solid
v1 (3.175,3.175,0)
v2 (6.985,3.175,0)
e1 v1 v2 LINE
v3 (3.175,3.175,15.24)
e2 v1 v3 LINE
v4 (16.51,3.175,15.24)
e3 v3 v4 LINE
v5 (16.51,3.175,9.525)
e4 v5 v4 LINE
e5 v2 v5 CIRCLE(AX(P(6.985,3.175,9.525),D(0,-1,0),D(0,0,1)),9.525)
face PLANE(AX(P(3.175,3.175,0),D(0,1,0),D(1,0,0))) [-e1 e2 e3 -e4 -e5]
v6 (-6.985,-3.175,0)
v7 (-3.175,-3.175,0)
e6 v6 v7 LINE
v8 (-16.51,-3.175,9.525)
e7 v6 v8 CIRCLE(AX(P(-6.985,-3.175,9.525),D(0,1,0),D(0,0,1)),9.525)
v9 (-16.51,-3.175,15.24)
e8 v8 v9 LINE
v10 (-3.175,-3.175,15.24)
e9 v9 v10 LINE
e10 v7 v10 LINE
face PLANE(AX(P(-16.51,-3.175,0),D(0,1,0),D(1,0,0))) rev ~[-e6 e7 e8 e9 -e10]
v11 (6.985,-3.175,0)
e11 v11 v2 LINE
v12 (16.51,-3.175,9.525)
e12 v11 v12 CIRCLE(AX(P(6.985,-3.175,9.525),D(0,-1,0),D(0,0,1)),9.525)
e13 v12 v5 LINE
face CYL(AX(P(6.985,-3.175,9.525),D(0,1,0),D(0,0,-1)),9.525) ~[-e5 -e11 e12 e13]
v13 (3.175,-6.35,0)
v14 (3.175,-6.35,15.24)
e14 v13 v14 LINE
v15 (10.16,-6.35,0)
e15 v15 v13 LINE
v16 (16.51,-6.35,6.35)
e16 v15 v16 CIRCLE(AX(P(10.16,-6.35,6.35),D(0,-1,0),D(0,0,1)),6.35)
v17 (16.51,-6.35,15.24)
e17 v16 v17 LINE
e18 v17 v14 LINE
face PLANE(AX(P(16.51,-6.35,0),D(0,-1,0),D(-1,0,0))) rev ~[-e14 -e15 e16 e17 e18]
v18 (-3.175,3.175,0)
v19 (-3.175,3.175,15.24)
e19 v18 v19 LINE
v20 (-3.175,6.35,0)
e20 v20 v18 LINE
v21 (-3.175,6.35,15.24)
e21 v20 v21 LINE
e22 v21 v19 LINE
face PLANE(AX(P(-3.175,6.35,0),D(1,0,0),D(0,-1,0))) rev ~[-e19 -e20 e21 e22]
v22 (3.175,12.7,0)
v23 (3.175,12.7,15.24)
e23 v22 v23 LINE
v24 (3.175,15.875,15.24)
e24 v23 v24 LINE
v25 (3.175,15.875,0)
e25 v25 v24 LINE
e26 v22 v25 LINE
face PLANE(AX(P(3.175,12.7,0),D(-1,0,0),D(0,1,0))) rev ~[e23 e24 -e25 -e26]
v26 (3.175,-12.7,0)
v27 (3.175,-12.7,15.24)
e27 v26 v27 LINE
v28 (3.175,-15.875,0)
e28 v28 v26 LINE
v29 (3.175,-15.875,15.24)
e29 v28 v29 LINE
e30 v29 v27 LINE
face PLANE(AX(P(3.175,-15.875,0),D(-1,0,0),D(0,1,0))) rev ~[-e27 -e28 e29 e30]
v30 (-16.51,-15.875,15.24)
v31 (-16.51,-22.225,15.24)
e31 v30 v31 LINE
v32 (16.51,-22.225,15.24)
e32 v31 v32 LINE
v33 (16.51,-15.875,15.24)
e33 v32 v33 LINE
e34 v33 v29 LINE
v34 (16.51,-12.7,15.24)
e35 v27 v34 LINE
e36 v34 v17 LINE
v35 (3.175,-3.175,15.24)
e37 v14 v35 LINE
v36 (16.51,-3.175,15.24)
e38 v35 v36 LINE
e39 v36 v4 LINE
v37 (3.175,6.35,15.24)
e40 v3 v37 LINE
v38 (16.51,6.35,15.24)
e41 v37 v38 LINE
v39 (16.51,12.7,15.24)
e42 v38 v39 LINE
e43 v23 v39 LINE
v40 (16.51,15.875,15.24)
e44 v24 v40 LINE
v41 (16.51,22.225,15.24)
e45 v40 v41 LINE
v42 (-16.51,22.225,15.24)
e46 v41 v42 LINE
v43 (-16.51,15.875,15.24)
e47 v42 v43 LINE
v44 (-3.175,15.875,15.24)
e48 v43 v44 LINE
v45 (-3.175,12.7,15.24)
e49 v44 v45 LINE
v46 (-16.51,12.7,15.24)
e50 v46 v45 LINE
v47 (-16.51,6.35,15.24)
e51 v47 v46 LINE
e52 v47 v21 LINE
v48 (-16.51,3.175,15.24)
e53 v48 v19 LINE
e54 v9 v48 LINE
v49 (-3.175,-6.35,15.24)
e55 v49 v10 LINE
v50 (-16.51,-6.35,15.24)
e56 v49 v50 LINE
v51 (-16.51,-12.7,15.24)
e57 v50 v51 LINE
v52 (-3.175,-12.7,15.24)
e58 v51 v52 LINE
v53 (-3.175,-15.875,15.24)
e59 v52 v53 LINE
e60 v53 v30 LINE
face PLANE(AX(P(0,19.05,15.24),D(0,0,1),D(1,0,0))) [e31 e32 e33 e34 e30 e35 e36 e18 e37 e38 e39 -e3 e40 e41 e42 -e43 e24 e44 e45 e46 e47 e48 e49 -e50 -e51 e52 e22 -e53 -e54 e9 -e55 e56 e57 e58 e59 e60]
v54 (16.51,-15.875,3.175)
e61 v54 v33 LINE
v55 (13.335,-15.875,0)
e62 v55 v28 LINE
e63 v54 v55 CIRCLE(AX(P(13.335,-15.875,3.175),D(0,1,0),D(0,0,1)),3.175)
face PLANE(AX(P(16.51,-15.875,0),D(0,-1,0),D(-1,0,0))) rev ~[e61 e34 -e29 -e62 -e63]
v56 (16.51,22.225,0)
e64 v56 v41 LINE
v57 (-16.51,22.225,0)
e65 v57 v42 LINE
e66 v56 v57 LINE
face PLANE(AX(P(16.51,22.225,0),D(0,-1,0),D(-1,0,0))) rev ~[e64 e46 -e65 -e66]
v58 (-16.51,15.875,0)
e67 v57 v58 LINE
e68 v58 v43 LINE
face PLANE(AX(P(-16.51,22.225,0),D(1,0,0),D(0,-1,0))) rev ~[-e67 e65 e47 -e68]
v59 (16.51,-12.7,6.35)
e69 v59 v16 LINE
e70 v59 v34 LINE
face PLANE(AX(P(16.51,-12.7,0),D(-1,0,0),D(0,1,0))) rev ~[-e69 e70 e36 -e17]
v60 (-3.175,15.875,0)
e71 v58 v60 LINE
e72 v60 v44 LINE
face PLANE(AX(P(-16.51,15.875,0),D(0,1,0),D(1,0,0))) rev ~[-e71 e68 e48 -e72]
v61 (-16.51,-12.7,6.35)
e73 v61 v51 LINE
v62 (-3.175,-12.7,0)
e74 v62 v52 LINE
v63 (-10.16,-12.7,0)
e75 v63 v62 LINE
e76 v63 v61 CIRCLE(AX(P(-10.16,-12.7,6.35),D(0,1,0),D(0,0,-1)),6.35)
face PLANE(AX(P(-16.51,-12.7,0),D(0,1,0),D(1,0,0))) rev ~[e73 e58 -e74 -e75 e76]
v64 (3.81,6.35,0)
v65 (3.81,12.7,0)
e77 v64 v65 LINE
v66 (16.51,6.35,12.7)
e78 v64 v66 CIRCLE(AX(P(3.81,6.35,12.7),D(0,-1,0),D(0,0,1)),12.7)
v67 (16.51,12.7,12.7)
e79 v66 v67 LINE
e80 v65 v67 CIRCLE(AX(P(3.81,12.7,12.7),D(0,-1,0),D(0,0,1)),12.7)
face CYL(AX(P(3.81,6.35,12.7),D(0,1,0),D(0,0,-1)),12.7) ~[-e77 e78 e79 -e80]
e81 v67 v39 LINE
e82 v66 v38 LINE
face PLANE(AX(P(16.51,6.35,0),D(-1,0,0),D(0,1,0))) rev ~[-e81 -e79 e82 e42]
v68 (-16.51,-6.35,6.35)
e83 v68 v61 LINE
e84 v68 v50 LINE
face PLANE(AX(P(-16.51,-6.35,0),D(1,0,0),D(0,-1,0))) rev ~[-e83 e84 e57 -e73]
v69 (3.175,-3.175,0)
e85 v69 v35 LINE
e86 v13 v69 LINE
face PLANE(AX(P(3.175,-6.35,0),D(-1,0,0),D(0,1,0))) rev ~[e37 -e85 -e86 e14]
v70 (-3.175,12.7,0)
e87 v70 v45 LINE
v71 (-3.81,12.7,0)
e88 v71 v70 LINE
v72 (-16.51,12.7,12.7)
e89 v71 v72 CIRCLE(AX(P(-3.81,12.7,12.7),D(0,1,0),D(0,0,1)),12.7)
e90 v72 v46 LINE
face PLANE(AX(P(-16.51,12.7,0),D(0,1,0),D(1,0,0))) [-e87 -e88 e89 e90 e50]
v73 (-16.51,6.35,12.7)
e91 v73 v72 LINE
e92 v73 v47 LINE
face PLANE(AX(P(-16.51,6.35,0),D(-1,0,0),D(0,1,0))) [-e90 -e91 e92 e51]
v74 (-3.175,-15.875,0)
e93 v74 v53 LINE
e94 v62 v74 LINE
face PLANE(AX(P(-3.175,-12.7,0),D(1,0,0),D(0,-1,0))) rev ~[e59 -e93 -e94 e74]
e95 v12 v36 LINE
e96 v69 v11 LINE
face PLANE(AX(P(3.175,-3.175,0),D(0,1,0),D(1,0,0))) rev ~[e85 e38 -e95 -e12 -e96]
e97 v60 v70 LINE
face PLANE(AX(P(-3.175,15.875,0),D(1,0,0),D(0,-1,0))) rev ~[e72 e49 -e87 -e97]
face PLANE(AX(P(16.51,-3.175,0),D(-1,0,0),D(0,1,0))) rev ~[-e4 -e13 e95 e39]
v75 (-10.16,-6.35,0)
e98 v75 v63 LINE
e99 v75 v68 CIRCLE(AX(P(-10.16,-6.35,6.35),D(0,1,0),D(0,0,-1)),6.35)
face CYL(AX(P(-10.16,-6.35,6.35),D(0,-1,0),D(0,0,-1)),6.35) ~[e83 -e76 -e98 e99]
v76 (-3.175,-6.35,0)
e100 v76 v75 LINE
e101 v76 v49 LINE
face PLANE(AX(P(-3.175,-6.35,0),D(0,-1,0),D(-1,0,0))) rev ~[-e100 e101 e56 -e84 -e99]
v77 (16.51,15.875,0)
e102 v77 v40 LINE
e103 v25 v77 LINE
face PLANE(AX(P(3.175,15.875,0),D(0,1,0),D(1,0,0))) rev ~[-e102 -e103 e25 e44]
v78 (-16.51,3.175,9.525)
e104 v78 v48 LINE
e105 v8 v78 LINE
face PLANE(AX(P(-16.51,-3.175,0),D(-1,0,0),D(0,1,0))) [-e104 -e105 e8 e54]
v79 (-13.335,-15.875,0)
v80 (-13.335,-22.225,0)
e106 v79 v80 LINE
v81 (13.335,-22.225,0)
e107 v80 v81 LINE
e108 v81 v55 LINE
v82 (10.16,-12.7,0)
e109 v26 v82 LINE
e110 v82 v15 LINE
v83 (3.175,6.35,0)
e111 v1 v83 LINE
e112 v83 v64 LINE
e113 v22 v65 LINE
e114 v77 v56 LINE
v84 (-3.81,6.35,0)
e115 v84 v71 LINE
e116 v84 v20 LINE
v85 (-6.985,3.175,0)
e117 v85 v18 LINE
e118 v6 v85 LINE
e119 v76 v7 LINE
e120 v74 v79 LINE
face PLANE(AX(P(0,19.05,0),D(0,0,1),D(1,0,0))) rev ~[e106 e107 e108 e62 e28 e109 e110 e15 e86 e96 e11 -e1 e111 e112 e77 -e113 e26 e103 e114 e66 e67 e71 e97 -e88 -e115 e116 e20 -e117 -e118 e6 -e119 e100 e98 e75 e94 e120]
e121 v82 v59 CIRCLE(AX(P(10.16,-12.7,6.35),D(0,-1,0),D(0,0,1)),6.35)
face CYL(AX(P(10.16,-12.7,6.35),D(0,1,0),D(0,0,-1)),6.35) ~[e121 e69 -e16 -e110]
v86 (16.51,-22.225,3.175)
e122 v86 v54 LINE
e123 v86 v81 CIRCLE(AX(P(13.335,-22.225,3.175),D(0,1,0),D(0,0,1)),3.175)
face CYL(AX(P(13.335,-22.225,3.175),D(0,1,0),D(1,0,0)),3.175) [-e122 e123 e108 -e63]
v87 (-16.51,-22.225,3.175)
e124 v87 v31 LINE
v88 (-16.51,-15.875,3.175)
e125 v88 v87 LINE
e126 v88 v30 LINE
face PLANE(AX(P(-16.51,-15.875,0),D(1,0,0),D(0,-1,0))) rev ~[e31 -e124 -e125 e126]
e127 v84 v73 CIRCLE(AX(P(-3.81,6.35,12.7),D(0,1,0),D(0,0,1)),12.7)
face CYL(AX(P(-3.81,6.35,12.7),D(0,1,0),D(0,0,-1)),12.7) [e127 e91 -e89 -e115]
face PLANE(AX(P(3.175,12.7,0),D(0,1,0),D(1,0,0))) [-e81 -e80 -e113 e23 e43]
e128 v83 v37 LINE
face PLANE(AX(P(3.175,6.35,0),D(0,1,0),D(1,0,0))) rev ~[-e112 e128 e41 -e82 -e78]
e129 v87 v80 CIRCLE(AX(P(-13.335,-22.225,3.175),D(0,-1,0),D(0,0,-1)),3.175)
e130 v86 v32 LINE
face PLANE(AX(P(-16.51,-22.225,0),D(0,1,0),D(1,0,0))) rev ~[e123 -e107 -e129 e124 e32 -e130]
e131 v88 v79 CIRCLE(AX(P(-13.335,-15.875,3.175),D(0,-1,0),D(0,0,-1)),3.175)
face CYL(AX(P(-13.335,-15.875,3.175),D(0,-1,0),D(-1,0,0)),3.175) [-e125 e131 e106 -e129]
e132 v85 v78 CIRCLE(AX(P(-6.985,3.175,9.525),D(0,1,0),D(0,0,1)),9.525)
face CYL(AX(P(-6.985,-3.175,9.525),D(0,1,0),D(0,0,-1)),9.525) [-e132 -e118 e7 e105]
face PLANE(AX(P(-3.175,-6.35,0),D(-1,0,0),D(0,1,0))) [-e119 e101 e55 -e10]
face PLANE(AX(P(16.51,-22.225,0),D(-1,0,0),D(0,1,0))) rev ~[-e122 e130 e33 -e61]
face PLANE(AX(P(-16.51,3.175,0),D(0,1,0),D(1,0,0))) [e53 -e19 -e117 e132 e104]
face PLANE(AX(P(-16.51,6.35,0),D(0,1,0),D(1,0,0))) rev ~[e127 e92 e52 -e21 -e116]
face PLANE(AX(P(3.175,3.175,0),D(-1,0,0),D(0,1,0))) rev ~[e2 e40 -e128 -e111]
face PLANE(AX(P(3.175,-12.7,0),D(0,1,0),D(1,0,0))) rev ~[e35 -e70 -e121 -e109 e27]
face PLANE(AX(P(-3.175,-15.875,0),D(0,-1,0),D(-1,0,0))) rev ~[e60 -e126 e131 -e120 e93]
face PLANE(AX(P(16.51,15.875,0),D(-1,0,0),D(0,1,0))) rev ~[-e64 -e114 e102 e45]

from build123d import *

# Parameters (mm, degrees)
F0_W     = 6.35
F0_H     = 3.175
F0_H_2   = 6.35
F0_W_2   = 13.335
F1_DEPTH = 15.24
F2_R     = 3.175
F3_R     = 6.35
F4_R     = 9.525
F5_R     = 12.7


with BuildPart() as f1:
    # F0 (on Top) → F1 (new body)
    with BuildSketch(Plane.XY):
        Polygon((-16.51, 15.875), (-3.175, 15.875), (3.175, 15.875), (16.51, 15.875), (16.51, 22.225), (-16.51, 22.225), align=None)
        with Locations((0, 14.2875)):
            Rectangle(F0_W, F0_H)
        with Locations((0, 9.525)):
            Rectangle(F0_W, F0_H_2)
        with Locations((-9.8425, 9.525)):
            Rectangle(F0_W_2, F0_H_2)
        with Locations((9.8425, 9.525)):
            Rectangle(F0_W_2, F0_H_2)
        with Locations((0, 4.7625)):
            Rectangle(F0_W, F0_H)
        Rectangle(F0_W, F0_H_2)
        with Locations((9.8425, 0)):
            Rectangle(F0_W_2, F0_H_2)
        with Locations((-9.8425, 0)):
            Rectangle(F0_W_2, F0_H_2)
        with Locations((0, -4.7625)):
            Rectangle(F0_W, F0_H)
        Polygon((-3.175, -10.1355769231), (-3.175, -6.35), (-16.51, -6.35), (-16.51, -12.7), align=None)
        Polygon((3.175, -6.35), (-3.175, -6.35), (-3.175, -10.1355769231), (3.175, -8.9144230769), align=None)
        Polygon((16.51, -12.7), (16.51, -6.35), (3.175, -8.9144230769), (3.175, -12.7), align=None)
        with Locations((0, -14.2875)):
            Rectangle(F0_W, F0_H)
        Polygon((3.175, -15.875), (-3.175, -15.875), (-16.51, -15.875), (-16.51, -22.225), (16.51, -15.875), align=None)
        Polygon((3.175, -8.9144230769), (-3.175, -10.1355769231), (-3.175, -12.7), (3.175, -12.7), align=None)
        Polygon((-3.175, -12.7), (-3.175, -10.1355769231), (-16.51, -12.7), align=None)
        Polygon((16.51, -6.35), (3.175, -6.35), (3.175, -8.9144230769), align=None)
        Polygon((16.51, -22.225), (16.51, -15.875), (-16.51, -22.225), align=None)
    extrude(amount=F1_DEPTH)

    # F2
    f2_edges = [f1.edges().sort_by_distance(p)[0] for p in [
        (-16.51, -19.05, 0),
        (16.51, -19.05, 0),
    ]]
    fillet(f2_edges, radius=F2_R)

    # F3
    f3_edges = [f1.edges().sort_by_distance(p)[0] for p in [
        (-16.51, -9.525, 0),
        (16.51, -9.525, 0),
    ]]
    fillet(f3_edges, radius=F3_R)

    # F4
    f4_edges = [f1.edges().sort_by_distance(p)[0] for p in [
        (-16.51, 0, 0),
        (16.51, 0, 0),
    ]]
    fillet(f4_edges, radius=F4_R)

    # F5
    f5_edges = [f1.edges().sort_by_distance(p)[0] for p in [
        (16.51, 9.525, 0),
        (-16.51, 9.525, 0),
    ]]
    fillet(f5_edges, radius=F5_R)


solid = f1.part
